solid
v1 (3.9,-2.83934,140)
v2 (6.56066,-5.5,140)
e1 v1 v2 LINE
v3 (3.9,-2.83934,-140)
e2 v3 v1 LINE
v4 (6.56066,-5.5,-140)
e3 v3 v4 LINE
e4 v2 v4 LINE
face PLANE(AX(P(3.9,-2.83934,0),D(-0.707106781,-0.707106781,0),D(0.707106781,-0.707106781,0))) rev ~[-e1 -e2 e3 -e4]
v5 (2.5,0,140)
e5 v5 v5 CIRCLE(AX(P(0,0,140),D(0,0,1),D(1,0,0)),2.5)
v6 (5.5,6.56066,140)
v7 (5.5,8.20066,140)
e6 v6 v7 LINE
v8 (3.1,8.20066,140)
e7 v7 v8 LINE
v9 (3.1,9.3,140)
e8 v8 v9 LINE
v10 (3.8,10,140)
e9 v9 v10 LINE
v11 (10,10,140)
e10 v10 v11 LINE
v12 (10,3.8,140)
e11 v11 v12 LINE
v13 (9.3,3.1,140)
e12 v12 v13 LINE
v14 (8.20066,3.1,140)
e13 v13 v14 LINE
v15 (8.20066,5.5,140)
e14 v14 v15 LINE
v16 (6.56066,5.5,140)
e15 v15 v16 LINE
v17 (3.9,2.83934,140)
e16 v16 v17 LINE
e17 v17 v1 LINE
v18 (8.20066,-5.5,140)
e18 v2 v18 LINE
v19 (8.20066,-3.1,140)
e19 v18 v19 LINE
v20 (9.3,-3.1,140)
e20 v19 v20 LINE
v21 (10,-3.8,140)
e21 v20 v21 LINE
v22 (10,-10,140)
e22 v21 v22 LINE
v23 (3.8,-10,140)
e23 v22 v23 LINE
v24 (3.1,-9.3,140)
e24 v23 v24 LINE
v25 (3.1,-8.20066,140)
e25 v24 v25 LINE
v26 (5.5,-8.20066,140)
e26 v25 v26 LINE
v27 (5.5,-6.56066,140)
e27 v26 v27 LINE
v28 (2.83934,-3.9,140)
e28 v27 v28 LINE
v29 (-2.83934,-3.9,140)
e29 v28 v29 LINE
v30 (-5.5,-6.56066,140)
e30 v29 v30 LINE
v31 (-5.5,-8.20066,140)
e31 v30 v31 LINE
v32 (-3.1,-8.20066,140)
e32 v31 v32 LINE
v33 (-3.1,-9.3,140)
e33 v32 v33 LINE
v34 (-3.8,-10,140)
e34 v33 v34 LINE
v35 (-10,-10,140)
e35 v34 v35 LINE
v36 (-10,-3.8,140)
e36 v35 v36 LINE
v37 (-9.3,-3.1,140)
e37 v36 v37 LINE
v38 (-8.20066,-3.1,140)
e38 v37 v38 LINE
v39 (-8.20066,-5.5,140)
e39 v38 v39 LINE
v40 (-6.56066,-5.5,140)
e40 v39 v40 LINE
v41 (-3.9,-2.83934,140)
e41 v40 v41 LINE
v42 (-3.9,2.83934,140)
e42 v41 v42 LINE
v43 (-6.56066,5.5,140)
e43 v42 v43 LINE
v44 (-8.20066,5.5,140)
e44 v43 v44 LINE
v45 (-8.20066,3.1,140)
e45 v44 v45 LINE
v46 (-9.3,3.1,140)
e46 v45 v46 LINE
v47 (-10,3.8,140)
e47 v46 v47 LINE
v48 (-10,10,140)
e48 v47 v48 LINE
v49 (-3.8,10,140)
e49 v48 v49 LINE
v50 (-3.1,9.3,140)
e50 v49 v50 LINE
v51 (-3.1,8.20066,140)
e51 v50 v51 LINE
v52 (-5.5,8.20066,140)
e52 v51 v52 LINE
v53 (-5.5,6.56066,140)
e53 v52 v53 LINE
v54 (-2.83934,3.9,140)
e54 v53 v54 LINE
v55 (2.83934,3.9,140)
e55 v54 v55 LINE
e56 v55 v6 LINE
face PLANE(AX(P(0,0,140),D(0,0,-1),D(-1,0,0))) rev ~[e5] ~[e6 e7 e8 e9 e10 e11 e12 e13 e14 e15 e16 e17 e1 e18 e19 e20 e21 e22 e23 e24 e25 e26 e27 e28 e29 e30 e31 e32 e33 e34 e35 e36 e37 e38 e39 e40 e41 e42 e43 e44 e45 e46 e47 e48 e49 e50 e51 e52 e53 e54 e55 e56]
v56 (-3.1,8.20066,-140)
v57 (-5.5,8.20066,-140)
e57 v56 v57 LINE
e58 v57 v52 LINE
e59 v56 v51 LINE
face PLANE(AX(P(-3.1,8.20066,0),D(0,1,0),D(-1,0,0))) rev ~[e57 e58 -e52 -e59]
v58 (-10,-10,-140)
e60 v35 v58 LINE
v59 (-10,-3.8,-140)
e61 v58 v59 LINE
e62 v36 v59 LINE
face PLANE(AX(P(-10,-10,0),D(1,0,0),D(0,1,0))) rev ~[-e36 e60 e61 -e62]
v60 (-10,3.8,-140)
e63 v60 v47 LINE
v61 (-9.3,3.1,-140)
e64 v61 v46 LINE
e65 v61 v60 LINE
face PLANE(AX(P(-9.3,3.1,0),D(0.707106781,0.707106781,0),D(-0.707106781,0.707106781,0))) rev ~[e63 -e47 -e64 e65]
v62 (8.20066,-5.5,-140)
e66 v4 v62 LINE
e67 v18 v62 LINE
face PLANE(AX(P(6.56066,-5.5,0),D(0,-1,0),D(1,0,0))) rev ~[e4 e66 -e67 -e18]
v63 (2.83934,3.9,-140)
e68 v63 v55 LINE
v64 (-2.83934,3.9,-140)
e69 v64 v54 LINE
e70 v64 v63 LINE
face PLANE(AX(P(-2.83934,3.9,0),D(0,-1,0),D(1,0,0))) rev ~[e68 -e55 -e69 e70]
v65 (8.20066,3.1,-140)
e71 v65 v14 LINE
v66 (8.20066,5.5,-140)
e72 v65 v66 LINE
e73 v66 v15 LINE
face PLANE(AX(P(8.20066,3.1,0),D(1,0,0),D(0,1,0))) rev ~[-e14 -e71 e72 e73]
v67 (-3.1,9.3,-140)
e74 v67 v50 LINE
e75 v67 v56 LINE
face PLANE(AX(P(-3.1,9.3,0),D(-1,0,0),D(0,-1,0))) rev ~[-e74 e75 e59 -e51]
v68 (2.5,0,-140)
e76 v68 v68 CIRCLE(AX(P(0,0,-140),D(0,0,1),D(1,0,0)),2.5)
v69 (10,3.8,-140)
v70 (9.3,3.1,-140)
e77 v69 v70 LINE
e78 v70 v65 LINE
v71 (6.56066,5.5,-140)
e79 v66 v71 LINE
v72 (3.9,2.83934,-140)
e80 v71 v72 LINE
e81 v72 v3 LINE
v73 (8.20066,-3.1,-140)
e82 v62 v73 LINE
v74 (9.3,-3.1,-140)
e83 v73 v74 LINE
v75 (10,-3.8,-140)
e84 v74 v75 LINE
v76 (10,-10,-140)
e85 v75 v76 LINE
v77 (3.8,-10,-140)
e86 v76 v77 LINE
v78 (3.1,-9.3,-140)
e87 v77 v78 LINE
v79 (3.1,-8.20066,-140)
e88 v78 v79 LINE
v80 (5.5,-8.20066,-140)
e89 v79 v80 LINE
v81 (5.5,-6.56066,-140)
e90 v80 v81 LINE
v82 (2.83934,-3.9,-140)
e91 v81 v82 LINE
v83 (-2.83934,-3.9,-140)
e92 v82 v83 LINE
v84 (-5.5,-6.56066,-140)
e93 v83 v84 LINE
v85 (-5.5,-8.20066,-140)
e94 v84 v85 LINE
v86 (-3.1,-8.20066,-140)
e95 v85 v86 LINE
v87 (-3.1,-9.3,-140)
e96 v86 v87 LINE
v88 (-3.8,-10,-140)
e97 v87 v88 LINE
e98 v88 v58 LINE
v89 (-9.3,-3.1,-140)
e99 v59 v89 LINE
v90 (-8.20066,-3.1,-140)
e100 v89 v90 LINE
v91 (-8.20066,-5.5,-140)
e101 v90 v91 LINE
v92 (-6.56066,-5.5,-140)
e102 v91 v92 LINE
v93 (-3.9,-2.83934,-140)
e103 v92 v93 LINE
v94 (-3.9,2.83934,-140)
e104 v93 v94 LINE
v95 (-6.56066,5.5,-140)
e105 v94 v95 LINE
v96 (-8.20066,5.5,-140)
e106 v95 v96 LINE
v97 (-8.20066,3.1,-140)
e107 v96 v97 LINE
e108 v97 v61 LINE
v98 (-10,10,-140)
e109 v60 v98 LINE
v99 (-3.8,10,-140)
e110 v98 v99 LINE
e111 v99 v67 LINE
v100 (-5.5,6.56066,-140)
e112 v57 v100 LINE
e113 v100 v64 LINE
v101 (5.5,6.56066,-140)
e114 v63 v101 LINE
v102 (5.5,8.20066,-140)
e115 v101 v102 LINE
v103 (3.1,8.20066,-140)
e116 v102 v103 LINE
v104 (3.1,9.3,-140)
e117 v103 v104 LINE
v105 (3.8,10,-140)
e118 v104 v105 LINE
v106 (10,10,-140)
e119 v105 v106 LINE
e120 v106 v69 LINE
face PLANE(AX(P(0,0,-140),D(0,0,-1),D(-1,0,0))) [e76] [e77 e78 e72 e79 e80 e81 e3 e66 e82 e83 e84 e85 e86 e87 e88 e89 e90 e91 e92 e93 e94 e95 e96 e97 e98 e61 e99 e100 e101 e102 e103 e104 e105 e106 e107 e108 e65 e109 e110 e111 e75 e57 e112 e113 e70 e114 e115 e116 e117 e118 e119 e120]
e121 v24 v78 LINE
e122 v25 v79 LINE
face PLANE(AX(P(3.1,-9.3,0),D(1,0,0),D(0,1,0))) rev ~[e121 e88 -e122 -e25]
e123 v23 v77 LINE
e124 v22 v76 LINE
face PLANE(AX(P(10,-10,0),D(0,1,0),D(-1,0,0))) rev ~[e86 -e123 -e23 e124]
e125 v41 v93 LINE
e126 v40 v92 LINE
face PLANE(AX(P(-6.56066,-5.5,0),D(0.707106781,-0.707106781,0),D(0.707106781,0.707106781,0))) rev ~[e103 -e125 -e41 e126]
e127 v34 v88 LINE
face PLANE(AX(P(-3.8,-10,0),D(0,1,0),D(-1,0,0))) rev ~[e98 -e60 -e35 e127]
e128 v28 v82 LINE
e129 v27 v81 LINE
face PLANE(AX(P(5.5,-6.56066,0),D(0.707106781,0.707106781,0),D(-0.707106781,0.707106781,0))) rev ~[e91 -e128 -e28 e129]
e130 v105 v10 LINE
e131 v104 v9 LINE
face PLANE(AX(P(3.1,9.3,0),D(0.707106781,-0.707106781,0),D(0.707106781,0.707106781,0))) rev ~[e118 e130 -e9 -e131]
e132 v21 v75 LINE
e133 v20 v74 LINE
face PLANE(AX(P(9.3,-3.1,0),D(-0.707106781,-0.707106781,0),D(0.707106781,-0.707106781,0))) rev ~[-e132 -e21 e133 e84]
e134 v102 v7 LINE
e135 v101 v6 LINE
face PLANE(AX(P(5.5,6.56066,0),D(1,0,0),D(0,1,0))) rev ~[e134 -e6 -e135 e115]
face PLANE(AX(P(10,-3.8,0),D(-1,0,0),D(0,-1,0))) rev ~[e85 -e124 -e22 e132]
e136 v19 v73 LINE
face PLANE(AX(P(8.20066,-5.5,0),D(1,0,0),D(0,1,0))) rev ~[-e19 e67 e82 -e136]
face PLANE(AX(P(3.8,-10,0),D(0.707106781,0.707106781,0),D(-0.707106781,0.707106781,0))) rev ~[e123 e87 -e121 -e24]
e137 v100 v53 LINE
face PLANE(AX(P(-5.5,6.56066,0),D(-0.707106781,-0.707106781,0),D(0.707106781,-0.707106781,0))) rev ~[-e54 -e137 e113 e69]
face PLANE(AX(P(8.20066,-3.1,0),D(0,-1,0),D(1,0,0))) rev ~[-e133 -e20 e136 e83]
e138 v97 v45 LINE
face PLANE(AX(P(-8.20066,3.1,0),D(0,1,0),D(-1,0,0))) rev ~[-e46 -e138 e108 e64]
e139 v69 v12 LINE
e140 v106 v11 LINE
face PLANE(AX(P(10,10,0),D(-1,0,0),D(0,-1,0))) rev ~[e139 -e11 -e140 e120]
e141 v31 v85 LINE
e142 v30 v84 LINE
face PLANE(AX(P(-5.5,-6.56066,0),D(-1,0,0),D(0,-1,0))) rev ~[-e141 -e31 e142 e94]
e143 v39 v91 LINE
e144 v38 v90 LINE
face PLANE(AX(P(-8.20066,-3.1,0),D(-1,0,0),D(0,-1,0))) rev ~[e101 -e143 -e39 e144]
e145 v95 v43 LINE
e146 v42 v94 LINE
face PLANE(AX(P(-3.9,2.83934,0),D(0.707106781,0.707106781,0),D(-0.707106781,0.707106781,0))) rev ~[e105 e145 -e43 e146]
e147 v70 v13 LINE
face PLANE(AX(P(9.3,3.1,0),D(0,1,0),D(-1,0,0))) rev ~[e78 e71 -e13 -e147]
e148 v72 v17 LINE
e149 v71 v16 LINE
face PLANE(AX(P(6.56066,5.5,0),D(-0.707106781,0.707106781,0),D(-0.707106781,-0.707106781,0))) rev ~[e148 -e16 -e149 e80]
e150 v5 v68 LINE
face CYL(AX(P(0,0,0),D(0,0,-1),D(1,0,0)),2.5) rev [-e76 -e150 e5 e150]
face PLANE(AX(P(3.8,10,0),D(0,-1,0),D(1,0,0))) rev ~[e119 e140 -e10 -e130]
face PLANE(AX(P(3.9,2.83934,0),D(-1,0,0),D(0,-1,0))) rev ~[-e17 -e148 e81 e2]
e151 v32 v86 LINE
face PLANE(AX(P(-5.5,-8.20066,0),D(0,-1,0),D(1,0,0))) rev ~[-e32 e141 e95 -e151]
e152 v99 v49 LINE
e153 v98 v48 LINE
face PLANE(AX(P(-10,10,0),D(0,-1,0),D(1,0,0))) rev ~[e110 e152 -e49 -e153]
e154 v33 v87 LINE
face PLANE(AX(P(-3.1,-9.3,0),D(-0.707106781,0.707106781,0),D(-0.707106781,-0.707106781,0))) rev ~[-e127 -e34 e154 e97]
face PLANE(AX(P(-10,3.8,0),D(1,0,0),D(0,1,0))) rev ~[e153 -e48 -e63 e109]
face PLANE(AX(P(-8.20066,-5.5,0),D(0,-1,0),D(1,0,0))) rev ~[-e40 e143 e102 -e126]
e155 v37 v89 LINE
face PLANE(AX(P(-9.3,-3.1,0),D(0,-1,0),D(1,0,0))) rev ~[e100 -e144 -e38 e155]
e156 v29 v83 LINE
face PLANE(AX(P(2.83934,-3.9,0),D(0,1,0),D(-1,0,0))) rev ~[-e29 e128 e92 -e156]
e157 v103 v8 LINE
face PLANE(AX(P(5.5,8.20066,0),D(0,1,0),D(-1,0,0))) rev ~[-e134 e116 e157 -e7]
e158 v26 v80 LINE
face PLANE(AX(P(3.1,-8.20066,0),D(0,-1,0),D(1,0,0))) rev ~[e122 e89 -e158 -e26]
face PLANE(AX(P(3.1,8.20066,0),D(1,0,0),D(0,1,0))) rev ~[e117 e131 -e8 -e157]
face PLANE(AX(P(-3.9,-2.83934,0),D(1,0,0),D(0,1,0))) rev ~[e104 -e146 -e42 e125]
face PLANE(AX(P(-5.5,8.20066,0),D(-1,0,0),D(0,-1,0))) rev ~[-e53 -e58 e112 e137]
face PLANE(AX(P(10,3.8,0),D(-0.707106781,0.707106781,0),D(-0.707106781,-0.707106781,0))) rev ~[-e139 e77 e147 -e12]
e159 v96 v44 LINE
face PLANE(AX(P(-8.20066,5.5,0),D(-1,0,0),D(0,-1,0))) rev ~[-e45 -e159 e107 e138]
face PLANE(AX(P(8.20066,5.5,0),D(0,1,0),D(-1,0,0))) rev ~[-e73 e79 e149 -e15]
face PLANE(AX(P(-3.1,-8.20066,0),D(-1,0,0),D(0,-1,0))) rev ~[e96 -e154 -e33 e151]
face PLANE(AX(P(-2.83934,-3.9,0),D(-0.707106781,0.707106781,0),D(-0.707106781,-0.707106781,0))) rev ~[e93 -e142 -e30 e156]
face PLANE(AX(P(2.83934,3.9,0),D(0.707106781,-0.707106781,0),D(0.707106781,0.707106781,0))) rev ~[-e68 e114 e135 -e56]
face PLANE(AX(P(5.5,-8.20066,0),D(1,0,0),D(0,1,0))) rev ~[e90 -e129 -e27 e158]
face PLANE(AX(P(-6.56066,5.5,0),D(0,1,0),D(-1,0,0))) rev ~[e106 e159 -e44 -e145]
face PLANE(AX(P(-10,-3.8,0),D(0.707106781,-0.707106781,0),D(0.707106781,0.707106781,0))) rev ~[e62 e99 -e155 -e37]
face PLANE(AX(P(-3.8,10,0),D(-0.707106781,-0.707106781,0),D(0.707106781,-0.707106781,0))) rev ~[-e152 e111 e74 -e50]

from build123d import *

# Parameters (mm, degrees)
SKETCH1_R           = 2.5
BOSS_EXTRUDE1_DEPTH = 140


with BuildPart() as part:
    # Sketch1 → Boss-Extrude1 (new, symmetric)
    with BuildSketch(Plane.XY):
        Polygon((3.9, -2.839339828), (6.560660172, -5.5), (8.200660172, -5.5), (8.200660172, -3.1), (9.3, -3.1), (10, -3.8), (10, -10), (3.8, -10), (3.1, -9.3), (3.1, -8.200660172), (5.5, -8.200660172), (5.5, -6.560660172), (2.839339828, -3.9), (-2.839339828, -3.9), (-5.5, -6.560660172), (-5.5, -8.200660172), (-3.1, -8.200660172), (-3.1, -9.3), (-3.8, -10), (-10, -10), (-10, -3.8), (-9.3, -3.1), (-8.200660172, -3.1), (-8.200660172, -5.5), (-6.560660172, -5.5), (-3.9, -2.839339828), (-3.9, 2.839339828), (-6.560660172, 5.5), (-8.200660172, 5.5), (-8.200660172, 3.1), (-9.3, 3.1), (-10, 3.8), (-10, 10), (-3.8, 10), (-3.1, 9.3), (-3.1, 8.200660172), (-5.5, 8.200660172), (-5.5, 6.560660172), (-2.839339828, 3.9), (2.839339828, 3.9), (5.5, 6.560660172), (5.5, 8.200660172), (3.1, 8.200660172), (3.1, 9.3), (3.8, 10), (10, 10), (10, 3.8), (9.3, 3.1), (8.200660172, 3.1), (8.200660172, 5.5), (6.560660172, 5.5), (3.9, 2.839339828), align=None)
        Circle(SKETCH1_R, mode=Mode.SUBTRACT)
    extrude(amount=BOSS_EXTRUDE1_DEPTH, both=True)


solid = part.part
